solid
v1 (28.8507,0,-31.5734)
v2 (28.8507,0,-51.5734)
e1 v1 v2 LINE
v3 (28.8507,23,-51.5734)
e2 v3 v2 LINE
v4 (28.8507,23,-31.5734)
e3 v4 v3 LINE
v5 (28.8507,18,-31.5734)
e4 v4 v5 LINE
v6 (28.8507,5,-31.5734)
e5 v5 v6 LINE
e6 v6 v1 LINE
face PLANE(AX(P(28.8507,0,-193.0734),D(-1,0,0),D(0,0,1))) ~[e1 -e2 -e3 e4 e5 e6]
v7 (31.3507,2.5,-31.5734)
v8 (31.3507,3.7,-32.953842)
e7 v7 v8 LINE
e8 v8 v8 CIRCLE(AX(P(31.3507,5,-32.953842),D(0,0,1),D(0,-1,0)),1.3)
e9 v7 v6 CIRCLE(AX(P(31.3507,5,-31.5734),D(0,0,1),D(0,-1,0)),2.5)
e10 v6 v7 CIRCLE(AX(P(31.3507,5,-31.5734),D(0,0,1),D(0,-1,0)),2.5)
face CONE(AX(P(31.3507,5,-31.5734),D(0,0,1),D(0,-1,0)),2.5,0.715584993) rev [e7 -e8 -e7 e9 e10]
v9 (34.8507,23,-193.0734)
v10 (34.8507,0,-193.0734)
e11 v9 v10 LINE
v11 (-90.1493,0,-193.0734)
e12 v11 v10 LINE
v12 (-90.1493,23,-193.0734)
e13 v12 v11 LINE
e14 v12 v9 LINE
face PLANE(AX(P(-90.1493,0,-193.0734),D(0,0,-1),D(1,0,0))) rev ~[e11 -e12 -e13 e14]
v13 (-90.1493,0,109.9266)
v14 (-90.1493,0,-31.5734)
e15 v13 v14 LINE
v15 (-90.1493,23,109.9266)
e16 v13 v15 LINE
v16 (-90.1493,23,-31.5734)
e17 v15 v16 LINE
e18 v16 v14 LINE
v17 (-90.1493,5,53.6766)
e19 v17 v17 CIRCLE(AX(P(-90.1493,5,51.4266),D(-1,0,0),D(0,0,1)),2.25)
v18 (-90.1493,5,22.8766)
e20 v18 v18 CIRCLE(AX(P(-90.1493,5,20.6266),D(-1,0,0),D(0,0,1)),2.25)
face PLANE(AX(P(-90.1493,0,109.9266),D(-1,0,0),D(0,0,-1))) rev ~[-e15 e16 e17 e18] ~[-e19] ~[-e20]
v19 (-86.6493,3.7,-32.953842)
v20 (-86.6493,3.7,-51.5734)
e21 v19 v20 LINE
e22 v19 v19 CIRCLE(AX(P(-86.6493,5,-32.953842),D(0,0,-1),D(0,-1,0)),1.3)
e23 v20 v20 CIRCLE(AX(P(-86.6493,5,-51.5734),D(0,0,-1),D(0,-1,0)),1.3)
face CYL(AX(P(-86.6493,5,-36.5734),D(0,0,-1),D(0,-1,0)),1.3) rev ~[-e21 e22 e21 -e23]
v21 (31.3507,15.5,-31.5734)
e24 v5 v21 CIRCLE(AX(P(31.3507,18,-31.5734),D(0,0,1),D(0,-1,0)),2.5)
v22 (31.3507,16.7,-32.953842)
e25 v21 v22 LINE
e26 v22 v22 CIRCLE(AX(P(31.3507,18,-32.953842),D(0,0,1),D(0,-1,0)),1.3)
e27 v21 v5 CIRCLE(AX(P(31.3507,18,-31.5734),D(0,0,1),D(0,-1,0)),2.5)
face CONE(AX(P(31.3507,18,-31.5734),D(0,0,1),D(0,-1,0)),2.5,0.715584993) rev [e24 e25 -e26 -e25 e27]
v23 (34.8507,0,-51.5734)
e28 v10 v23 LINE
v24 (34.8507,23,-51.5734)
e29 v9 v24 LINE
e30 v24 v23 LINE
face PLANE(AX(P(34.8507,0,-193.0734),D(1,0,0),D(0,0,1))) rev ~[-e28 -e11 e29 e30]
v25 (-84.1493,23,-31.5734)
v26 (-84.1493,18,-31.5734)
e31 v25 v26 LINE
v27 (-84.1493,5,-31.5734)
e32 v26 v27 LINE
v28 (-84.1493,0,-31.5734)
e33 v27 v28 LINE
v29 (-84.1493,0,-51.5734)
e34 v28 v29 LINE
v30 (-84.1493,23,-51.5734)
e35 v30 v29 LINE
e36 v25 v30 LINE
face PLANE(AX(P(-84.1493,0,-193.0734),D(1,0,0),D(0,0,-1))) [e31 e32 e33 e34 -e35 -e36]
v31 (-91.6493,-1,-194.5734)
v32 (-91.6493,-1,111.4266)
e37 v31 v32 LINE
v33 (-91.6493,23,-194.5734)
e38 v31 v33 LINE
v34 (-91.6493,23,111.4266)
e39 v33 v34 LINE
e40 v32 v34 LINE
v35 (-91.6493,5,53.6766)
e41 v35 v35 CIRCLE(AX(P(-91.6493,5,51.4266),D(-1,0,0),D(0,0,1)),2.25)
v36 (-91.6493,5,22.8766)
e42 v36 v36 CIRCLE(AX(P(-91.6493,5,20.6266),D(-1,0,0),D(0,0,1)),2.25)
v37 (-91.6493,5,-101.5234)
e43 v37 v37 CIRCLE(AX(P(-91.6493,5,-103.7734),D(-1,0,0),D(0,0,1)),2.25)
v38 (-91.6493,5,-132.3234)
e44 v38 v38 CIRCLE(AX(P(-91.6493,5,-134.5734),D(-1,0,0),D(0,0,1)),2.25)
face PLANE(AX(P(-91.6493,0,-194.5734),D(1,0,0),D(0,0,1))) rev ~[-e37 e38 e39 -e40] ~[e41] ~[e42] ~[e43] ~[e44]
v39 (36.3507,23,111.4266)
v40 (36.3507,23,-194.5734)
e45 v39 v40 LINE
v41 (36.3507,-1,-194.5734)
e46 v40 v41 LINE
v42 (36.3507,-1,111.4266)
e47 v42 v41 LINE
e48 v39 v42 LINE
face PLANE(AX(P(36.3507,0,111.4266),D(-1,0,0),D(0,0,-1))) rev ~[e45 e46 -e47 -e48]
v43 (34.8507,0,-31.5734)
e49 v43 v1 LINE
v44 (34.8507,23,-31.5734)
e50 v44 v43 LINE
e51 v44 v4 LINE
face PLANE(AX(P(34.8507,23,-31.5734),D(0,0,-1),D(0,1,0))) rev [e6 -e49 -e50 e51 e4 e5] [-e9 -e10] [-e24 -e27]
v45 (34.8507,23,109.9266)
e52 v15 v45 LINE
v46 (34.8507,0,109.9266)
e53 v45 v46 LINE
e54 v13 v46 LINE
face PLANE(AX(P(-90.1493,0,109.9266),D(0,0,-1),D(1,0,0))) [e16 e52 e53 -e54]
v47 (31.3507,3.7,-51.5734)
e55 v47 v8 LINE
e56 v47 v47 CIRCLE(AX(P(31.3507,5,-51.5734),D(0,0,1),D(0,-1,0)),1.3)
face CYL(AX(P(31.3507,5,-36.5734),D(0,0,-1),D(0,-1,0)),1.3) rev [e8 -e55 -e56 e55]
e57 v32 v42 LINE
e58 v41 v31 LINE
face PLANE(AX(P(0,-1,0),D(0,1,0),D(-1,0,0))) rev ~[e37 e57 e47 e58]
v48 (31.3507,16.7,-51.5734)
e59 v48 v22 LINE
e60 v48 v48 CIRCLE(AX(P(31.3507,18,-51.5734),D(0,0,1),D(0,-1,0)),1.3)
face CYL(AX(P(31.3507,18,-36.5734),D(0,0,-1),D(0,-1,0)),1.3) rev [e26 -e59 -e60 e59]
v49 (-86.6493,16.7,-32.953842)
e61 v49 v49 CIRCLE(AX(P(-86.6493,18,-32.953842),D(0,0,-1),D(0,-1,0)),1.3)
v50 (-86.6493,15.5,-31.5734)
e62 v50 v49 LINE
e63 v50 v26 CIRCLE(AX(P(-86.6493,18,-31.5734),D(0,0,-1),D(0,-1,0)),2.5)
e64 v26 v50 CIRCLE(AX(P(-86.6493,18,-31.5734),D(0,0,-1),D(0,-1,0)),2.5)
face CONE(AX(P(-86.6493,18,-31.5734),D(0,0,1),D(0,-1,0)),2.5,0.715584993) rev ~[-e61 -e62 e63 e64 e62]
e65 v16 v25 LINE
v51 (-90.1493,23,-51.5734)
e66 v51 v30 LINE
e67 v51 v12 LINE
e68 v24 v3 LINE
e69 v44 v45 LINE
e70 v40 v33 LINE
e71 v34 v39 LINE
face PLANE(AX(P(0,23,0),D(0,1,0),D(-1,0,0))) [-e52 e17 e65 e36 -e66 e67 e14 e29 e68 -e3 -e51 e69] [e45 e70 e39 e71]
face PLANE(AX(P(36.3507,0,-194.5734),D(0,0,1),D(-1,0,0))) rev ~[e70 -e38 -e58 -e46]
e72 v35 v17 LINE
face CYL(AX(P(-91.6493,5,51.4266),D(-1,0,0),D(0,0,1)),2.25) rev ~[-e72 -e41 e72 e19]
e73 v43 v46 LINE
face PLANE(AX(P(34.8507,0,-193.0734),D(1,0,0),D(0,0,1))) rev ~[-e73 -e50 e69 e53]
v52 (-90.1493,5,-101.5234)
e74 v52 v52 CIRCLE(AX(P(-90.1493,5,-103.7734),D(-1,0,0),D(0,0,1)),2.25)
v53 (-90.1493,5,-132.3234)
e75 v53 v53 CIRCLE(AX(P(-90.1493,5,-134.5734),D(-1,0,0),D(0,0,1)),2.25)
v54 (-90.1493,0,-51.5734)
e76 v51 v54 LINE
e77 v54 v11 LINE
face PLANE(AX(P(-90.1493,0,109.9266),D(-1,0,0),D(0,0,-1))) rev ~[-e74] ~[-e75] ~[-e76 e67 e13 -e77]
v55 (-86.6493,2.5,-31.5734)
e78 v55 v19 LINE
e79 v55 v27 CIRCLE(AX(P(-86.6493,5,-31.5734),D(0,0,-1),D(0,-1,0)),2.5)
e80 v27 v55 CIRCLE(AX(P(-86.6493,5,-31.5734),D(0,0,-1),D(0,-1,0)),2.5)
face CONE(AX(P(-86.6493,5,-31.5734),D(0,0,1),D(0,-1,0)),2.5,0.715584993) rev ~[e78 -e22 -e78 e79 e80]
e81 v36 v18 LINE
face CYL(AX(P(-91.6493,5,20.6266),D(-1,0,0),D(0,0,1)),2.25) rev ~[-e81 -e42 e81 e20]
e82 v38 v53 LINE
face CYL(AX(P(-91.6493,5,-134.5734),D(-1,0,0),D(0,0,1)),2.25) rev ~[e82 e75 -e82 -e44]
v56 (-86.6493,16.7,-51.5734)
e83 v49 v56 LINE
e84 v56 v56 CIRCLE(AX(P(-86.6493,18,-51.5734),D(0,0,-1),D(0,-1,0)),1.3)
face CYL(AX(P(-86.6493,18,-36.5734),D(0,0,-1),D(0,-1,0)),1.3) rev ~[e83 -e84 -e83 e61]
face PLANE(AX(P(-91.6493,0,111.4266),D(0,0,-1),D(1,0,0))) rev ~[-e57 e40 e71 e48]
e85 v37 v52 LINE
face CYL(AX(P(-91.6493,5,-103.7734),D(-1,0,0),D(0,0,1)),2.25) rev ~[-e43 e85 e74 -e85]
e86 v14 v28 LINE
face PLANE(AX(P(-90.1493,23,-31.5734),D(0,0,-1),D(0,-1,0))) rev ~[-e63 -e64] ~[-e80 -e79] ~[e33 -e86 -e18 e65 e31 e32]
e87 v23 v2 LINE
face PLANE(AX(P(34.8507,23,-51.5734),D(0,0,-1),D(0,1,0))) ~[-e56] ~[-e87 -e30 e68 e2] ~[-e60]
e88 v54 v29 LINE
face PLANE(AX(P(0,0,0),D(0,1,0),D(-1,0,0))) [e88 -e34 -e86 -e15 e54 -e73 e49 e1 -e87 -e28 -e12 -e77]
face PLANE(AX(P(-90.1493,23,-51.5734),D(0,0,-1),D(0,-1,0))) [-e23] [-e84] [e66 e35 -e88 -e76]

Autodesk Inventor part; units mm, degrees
ref_plane "YZ Plane" through (0, 0, 0) normal (1, 0, 0) x (0, 1, 0)
ref_plane "XZ Plane" through (0, 0, 0) normal (0, 1, 0) x (-1, 0, 0)
ref_plane "XY Plane" through (0, 0, 0) normal (0, 0, 1) x (1, 0, 0)
sketch "Sketch1" plane through (0, 0, 0) normal (0, 1, 0) x (-1, 0, 0)
  line L0 (80.1493, 105.9266) -> (-24.8507, 105.9266) construction
  line L1 (-24.8507, 105.9266) -> (-24.8507, -189.0734) construction
  line L2 (-24.8507, -189.0734) -> (80.1493, -189.0734) construction
  line L3 (80.1493, -189.0734) -> (80.1493, 105.9266) construction
  line L4 (80.1493, 91.9266) -> (83.1493, 91.9266) construction
  line L5 (83.1493, 91.9266) -> (83.1493, 84.3266) construction
  line L6 (83.1493, 84.3266) -> (80.1493, 84.3266) construction
  line L7 (80.1493, 84.3266) -> (80.1493, 91.9266) construction
  point P0 (0, 0)
  dimension "d0" = 295
  dimension "d1" = 105
  dimension "d2" = 7.6
  dimension "d3" = 3
  dimension "d4" = 14
sketch "Sketch2" plane through (0, 0, 0) normal (0, 1, 0) x (-1, 0, 0)
  line L0 (80.1493, -189.0734) -> (80.1493, 105.9266) construction
  line L1 (-24.8507, -189.0734) -> (80.1493, -189.0734) construction
  line L2 (-24.8507, 105.9266) -> (-24.8507, -189.0734) construction
  line L3 (80.1493, 105.9266) -> (-24.8507, 105.9266) construction
  line L4 (90.1493, 109.9266) -> (90.1493, -193.0734)
  line L5 (-34.8507, -193.0734) -> (-34.8507, 109.9266)
  line L6 (90.1493, 109.9266) -> (-34.8507, 109.9266)
  line L7 (90.1493, -193.0734) -> (-34.8507, -193.0734)
  line L8 (91.6493, -194.5734) -> (91.6493, 111.4266)
  line L9 (91.6493, 111.4266) -> (-36.3507, 111.4266)
  line L10 (-36.3507, 111.4266) -> (-36.3507, -194.5734)
  line L11 (-36.3507, -194.5734) -> (91.6493, -194.5734)
  dimension "d71" = 10
  dimension "d72" = 4
  dimension "d73" = 10
  dimension "d74" = 4
  dimension "d75" = 1.5
extrude "Extrusion1" add sketch "Sketch2" against normal blind 1 contours L4 L7 L5 L6
extrude "Extrusion2" add sketch "Sketch2" along normal blind 23 and the other way blind 1
sketch "Sketch5" plane through (-91.6493, -1, 111.4266) normal (-1, 0, 0) x (0, 0, 1)
  circle A0 centre (-246, 6) radius 2.25
  circle A1 centre (-90.8, 6) radius 2.25
  circle A2 centre (-215.2, 6) radius 2.25
  circle A3 centre (-60, 6) radius 2.25
  line L0 (0, 0) -> (0, 24) projected
  line L1 (-306, 24) -> (0, 24) projected
  line L2 (-306, 24) -> (-306, 0) projected
  line L3 (0, 0) -> (-306, 0) projected
  point P0 (-111.4266, 1)
  dimension "d35" = 4.5
  dimension "d37" = 4.5
  dimension "d39" = 4.5
  dimension "d40" = 0
  dimension "d41" = 30.8
  dimension "d45" = 4.5
  dimension "d46" = 0
  dimension "d47" = 30.8
  dimension "d76" = 60
  dimension "d77" = 60
  dimension "d144" = 18
  dimension "d145" = 18
extrude "Extrusion4" cut sketch "Sketch5" against normal up to surface (1.5 mm away) contours A0 | A1 | A2 | A3
sketch "Sketch7" plane through (-90.1493, 0, -193.0734) normal (1, 0, 0) x (0, 0, -1)
  line L0 (-151.5, 23) -> (-151.5, 0) construction
  line L1 (-141.5, 23) -> (-141.5, 0)
  line L2 (-161.5, 23) -> (-161.5, 0)
  line L3 (-303, 23) -> (0, 23) projected
  line L4 (-303, 0) -> (0, 0) projected
  line L5 (0, 23) -> (0, 0) projected
  dimension "d106" = 10
  dimension "d107" = 10
  dimension "d148" = 151.5
  dimension "d149" = 151.5
extrude "Extrusion6" add sketch "Sketch7" along normal blind 6 contours L1 L4 L2 L3
ref_plane "Work Plane2" through (-27.6493, 0, 109.9266) normal (1, 0, 0) x (0, 0, -1)
ref_plane "Work Plane4" through (-90.1493, 0, -41.5734) normal (0, 0, 1) x (1, 0, 0)
sketch "Sketch16" plane through (-90.1493, 0, -31.5734) normal (0, 0, 1) x (1, 0, 0)
  line L0 (0, 0) -> (0, 23) projected
  line L1 (0, 23) -> (6, 23) projected
  point P0 (90.1493, 0)
  point P1 (3.5, 18)
  dimension "d108" = 3.5
  dimension "d109" = 5
hole "Hole3" at (-86.6493, 18, -31.5734) direction (0, 0, -1) diameter 2.6 depth 5 countersink diameter 5 countersink angle 82
sketch "Sketch17" plane through (-86.6493, 18, -36.5734) normal (0, 0, 1) x (1, 0, 0)
  circle A0 centre (0, 0) radius 1.3 projected
  point P0 (86.6493, -18)
hole "Hole4" at (-86.6493, 18, -36.5734) direction (0, 0, -1) diameter 2.6 depth 15 tip angle 118
sketch "Sketch18" plane through (-90.1493, 0, -31.5734) normal (0, 0, 1) x (1, 0, 0)
  line L0 (0, 0) -> (0, 23) projected
  line L1 (6, 0) -> (0, 0) projected
  point P0 (90.1493, 0)
  point P1 (3.5, 5)
  point P2 (0, 18)
  dimension "d124" = 3.5
  dimension "d125" = 5
hole "Hole5" at (-86.6493, 5, -31.5734) direction (0, 0, -1) diameter 2.6 depth 5 countersink diameter 5 countersink angle 82
sketch "Sketch19" plane through (-86.6493, 5, -36.5734) normal (0, 0, 1) x (1, 0, 0)
  circle A0 centre (0, 0) radius 1.3 projected
  point P0 (86.6493, -5)
hole "Hole6" at (-86.6493, 5, -36.5734) direction (0, 0, -1) diameter 2.6 depth 15 tip angle 118
mirror "Mirror6" about plane through (-27.6493, 0, 109.9266) normal (1, 0, 0) of "Extrusion6", "Hole3", "Hole5", "Hole4", "Hole6"
sketch "Sketch21" plane through (-90.1493, 0, -41.5734) normal (0, 0, 1) x (1, 0, 0)
  line L0 (-38.4696, 48.4578) -> (185.798, 48.4578)
  line L1 (185.798, 48.4578) -> (185.798, -48.9918)
  line L2 (185.798, -48.9918) -> (-38.4696, -48.9918)
  line L3 (-38.4696, -48.9918) -> (-38.4696, 48.4578)
  point P0 (90.1493, 0)
extrude "Extrusion12" [suppressed]
properties part number "Case Tastiera"
